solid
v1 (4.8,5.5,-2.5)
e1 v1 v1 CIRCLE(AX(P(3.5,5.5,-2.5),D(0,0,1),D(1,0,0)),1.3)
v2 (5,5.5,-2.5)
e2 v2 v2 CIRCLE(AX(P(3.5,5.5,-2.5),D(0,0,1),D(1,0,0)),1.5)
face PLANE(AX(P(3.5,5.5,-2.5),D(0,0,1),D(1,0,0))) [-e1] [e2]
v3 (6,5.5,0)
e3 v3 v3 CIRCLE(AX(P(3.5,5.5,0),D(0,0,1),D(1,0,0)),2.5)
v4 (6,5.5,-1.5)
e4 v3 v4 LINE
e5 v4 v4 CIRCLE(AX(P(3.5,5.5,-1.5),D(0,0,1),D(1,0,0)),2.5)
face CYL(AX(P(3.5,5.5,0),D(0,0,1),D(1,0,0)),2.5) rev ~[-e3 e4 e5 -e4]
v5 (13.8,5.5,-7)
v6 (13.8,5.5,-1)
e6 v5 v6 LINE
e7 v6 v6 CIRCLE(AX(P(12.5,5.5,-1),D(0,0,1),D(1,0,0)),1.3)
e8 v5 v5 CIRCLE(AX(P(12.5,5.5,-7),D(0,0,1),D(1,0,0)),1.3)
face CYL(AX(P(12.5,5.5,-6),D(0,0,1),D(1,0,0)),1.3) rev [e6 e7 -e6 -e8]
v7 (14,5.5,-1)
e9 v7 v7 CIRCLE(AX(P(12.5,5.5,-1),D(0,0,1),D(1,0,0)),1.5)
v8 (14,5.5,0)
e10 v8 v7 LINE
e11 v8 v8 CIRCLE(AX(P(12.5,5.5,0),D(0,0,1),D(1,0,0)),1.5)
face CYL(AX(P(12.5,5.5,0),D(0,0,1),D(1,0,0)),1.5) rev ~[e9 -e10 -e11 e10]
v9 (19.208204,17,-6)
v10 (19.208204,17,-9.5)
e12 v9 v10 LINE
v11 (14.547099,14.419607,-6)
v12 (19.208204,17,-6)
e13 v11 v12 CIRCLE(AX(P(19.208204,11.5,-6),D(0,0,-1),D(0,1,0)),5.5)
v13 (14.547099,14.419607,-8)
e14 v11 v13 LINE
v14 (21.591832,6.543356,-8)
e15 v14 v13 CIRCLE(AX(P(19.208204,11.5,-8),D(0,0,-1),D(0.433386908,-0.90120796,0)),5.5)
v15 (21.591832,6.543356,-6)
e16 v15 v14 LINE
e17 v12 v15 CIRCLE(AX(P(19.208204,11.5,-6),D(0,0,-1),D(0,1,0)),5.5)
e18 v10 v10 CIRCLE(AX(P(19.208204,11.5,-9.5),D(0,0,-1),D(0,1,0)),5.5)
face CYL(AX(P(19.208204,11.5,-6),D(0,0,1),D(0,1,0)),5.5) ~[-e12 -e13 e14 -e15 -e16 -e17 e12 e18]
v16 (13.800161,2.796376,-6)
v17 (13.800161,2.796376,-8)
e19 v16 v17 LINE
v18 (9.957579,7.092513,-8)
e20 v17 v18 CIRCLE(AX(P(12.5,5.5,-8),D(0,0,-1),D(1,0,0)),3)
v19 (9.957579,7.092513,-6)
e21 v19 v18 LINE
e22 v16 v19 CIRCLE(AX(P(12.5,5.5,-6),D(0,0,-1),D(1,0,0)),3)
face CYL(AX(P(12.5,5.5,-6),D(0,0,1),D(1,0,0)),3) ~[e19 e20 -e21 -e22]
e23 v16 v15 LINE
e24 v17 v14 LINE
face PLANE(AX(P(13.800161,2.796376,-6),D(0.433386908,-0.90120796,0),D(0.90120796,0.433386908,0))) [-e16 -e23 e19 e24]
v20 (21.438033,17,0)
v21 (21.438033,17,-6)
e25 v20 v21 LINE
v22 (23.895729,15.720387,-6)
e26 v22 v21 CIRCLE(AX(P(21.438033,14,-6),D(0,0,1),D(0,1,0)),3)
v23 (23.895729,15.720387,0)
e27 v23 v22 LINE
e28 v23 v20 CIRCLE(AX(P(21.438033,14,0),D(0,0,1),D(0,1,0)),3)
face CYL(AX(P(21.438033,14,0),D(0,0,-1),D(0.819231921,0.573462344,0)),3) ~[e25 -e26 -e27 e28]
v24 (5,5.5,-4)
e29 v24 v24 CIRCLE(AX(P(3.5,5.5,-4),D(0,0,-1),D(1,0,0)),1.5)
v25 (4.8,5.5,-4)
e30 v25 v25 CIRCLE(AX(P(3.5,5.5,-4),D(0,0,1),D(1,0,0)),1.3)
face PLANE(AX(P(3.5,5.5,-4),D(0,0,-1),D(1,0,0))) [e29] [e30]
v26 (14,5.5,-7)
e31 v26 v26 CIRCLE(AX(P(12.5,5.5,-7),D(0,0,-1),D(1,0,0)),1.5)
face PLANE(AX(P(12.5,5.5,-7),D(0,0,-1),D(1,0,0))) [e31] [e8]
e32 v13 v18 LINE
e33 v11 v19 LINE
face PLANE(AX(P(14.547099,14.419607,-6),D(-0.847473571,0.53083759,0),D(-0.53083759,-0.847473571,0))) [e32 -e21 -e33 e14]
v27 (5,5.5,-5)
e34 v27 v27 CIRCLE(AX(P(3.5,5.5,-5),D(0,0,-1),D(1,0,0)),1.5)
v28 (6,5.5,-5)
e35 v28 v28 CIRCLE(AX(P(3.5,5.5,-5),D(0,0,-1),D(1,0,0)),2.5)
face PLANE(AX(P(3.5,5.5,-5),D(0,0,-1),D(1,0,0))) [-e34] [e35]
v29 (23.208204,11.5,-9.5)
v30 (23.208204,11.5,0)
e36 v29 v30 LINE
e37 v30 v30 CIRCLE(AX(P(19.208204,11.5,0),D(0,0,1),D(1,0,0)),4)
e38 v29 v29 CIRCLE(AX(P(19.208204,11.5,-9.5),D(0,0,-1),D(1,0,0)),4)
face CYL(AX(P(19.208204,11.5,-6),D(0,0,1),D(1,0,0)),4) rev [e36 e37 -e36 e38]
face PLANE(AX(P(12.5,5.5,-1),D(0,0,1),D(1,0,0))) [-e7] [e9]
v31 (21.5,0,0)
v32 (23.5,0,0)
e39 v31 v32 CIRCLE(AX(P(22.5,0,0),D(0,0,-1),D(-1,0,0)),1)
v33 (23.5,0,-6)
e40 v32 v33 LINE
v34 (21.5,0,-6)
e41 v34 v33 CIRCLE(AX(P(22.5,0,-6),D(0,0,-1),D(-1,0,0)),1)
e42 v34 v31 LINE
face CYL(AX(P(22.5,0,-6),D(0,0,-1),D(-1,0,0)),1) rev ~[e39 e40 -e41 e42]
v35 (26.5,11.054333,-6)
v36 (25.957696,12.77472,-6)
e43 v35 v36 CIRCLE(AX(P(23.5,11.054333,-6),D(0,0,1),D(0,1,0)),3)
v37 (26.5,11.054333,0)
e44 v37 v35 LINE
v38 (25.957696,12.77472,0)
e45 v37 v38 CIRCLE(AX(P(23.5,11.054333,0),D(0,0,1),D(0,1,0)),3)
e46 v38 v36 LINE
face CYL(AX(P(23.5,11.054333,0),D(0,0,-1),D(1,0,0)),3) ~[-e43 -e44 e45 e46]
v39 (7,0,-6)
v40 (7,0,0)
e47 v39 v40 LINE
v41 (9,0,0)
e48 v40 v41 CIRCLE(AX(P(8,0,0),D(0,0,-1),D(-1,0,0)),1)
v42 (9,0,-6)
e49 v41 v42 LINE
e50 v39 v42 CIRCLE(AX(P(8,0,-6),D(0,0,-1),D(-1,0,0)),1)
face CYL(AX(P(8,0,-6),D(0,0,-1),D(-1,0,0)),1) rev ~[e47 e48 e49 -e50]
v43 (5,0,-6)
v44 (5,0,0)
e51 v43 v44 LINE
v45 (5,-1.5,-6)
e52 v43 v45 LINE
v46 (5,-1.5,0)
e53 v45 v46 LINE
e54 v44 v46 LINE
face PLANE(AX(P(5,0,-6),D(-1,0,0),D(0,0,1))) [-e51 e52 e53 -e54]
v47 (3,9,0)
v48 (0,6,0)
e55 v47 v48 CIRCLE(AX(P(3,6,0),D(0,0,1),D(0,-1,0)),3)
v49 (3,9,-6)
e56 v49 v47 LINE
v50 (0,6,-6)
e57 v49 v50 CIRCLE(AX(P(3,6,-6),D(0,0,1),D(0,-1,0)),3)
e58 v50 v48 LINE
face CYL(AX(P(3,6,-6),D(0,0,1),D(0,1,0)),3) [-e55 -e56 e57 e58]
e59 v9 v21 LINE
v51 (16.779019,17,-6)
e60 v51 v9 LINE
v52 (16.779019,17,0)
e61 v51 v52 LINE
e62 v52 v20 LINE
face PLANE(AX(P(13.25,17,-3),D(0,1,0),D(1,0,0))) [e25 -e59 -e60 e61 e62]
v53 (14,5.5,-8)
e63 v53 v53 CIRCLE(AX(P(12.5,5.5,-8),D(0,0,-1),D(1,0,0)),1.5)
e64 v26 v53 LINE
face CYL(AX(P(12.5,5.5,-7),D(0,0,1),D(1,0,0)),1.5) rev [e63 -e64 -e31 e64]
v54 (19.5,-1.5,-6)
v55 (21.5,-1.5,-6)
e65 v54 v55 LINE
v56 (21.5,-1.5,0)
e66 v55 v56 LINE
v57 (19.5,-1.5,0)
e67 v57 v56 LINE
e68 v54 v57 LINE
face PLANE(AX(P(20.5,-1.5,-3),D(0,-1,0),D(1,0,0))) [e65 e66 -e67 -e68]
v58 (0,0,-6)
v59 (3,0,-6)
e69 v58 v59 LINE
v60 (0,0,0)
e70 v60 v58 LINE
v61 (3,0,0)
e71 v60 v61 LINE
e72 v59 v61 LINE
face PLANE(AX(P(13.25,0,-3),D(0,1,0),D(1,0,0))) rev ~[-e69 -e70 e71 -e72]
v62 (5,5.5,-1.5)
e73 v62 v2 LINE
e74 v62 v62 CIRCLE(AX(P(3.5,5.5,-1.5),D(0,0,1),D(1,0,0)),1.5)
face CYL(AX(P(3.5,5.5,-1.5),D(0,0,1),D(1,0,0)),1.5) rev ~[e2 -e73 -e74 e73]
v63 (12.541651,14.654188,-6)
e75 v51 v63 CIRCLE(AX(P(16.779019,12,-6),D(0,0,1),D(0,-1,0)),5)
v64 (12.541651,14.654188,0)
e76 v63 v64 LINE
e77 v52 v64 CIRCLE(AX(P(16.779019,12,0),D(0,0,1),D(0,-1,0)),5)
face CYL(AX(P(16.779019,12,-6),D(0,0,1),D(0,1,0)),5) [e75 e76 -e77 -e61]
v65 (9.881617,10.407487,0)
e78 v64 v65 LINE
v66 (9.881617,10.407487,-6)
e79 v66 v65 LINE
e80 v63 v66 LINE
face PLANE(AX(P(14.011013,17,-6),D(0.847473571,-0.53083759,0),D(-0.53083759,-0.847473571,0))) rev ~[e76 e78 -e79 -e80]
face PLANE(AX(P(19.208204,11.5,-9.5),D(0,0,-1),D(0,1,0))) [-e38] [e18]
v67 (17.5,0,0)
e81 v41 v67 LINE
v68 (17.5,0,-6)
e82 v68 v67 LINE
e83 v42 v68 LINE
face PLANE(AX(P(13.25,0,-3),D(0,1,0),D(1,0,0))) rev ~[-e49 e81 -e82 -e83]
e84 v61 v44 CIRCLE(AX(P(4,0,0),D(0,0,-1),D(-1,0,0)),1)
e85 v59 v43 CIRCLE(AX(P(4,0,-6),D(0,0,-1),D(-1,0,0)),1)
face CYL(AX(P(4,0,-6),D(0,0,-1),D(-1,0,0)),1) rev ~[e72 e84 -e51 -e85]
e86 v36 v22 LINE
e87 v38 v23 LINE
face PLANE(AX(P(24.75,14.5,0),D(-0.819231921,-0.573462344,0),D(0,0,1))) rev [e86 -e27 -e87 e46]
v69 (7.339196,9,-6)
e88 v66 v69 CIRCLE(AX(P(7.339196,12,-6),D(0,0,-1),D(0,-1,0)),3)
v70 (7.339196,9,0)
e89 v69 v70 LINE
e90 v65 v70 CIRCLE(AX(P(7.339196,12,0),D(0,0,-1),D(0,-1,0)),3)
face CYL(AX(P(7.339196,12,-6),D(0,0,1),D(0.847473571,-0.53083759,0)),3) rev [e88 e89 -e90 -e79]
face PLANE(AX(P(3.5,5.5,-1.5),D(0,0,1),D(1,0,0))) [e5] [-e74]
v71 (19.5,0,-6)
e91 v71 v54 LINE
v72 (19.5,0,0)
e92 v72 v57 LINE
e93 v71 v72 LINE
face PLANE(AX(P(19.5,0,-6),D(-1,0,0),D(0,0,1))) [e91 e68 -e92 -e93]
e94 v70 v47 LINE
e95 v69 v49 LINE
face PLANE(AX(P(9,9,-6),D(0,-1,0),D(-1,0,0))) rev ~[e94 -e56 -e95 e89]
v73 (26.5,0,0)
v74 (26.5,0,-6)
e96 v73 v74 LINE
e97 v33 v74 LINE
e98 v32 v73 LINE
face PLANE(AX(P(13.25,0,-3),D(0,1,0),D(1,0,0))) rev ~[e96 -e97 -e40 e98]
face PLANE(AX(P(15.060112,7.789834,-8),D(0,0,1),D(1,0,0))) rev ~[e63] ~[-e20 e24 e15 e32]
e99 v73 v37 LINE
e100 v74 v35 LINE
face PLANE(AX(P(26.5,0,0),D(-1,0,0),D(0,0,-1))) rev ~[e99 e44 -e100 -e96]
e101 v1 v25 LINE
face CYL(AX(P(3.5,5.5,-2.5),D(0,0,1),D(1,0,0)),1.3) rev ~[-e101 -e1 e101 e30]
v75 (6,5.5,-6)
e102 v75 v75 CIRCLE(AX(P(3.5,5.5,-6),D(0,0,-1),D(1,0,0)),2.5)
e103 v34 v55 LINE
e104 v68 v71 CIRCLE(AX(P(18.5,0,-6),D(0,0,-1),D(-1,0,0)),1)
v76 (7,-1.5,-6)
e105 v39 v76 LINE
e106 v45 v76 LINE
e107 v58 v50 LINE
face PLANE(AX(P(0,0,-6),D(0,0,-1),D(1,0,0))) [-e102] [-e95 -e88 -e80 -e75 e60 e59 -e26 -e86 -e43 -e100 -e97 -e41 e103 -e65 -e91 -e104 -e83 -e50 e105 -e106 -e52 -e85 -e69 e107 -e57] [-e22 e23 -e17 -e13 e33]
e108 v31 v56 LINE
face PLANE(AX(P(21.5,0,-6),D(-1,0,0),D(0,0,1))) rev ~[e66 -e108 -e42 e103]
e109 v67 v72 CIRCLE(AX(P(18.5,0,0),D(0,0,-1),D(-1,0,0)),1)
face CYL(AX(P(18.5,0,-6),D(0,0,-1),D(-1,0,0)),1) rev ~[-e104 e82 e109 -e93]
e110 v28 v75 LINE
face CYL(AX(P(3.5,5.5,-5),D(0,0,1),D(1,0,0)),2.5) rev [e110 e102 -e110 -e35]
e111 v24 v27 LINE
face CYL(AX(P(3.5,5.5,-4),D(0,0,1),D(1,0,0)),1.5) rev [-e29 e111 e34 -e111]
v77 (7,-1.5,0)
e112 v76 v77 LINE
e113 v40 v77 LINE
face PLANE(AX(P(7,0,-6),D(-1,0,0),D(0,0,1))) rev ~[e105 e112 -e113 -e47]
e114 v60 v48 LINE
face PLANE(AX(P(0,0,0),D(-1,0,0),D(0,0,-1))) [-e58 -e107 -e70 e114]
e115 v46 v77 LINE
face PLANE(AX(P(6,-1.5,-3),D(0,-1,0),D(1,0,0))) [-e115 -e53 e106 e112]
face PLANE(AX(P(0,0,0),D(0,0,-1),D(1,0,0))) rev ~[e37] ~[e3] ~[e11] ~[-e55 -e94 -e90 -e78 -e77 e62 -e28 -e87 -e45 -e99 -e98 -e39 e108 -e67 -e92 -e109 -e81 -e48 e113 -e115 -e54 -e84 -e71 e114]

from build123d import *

# Parameters (mm, degrees)
SKETCH1_W           = 26.5
SKETCH1_H           = 6
BOSS_EXTRUDE1_DEPTH = 17
SKETCH2_R           = 1.5
CUT_EXTRUDE1_DEPTH  = 1
SKETCH3_R           = 1.3
CUT_EXTRUDE2_DEPTH  = 32.878676259
SKETCH4_R           = 4
CUT_EXTRUDE3_DEPTH  = 33.050741021
SKETCH5_R           = 2.5
CUT_EXTRUDE4_DEPTH  = 1.5
SKETCH6_R           = 1.5
CUT_EXTRUDE8_DEPTH  = 1
SKETCH7_R           = 1.3
CUT_EXTRUDE9_DEPTH  = 32.678068123
CUT_EXTRUDE10_START = -1
SKETCH8_R           = 2.5
CUT_EXTRUDE10_DEPTH = 1
CUT_EXTRUDE11_START = -1
SKETCH9_R           = 1.5
CUT_EXTRUDE11_DEPTH = 1
SKETCH10_R          = 5.5
SKETCH10_R_2        = 4
BOSS_EXTRUDE2_DEPTH = 3.5
SKETCH11_R          = 3
SKETCH11_R_2        = 1.3
BOSS_EXTRUDE4_DEPTH = 2
CUT_EXTRUDE12_START = -1
SKETCH12_R          = 1.5
CUT_EXTRUDE12_DEPTH = 1
SKETCH17_W          = 2
SKETCH17_H          = 6
BOSS_EXTRUDE6_DEPTH = 1.5
SKETCH18_R          = 1
CUT_EXTRUDE17_DEPTH = 33.050741021
CHAMFER2_SIZE       = 5
CHAMFER2_SIZE2      = 3.5
FILLET11_R          = 3
BOSS_EXTRUDE7_DEPTH = 2
CUT_EXTRUDE19_DEPTH = 33.050741021
FILLET13_R          = 5
FILLET14_R          = 3
FILLET15_R          = 3


with BuildPart() as part:
    # Sketch1 → Boss-Extrude1 (new body)
    with BuildSketch(Plane(origin=(0, 0, 0), x_dir=(1, 0, 0), z_dir=(0, 1, 0))):
        with Locations((13.25, 3)):
            Rectangle(SKETCH1_W, SKETCH1_H)
    extrude(amount=BOSS_EXTRUDE1_DEPTH)

    # Sketch2 → Cut-Extrude1 (cut)
    with BuildSketch(Plane.XY):
        with Locations((12.5, 5.5)):
            Circle(SKETCH2_R)
    extrude(amount=-CUT_EXTRUDE1_DEPTH, mode=Mode.SUBTRACT)

    # Sketch3 → Cut-Extrude2 (cut, through all)
    with BuildSketch(Plane.XY.offset(-1)):
        with Locations((12.5, 5.5)):
            Circle(SKETCH3_R)
    extrude(amount=-CUT_EXTRUDE2_DEPTH, mode=Mode.SUBTRACT)

    # Sketch4 → Cut-Extrude3 (cut, through all)
    with BuildSketch(Plane.XY):
        with Locations((19.208203932, 11.5)):
            Circle(SKETCH4_R)
    extrude(amount=-CUT_EXTRUDE3_DEPTH, mode=Mode.SUBTRACT)

    # Sketch5 → Cut-Extrude4 (cut)
    with BuildSketch(Plane.XY):
        with Locations((3.5, 5.5)):
            Circle(SKETCH5_R)
    extrude(amount=-CUT_EXTRUDE4_DEPTH, mode=Mode.SUBTRACT)

    # Sketch6 → Cut-Extrude8 (cut)
    with BuildSketch(Plane.XY.offset(-1.5)):
        with Locations((3.5, 5.5)):
            Circle(SKETCH6_R)
    extrude(amount=-CUT_EXTRUDE8_DEPTH, mode=Mode.SUBTRACT)

    # Sketch7 → Cut-Extrude9 (cut, through all)
    with BuildSketch(Plane.XY.offset(-2.5)):
        with Locations((3.5, 5.5)):
            Circle(SKETCH7_R)
    extrude(amount=-CUT_EXTRUDE9_DEPTH, mode=Mode.SUBTRACT)

    # Sketch8 → Cut-Extrude10 (cut)
    with BuildSketch(Plane(origin=(0, 0, -6), x_dir=(-1, 0, 0), z_dir=(0, 0, -1)).offset(CUT_EXTRUDE10_START)):
        with Locations(Location((-3.5, 5.5, 0), (0, 0, 180))):
            Circle(SKETCH8_R)
    extrude(amount=CUT_EXTRUDE10_DEPTH, mode=Mode.SUBTRACT)

    # Sketch9 → Cut-Extrude11 (cut)
    with BuildSketch(Plane(origin=(0, 0, -5), x_dir=(-1, 0, 0), z_dir=(0, 0, -1)).offset(CUT_EXTRUDE11_START)):
        with Locations(Location((-3.5, 5.5, 0), (0, 0, 180))):
            Circle(SKETCH9_R)
    extrude(amount=CUT_EXTRUDE11_DEPTH, mode=Mode.SUBTRACT)

    # Sketch10 → Boss-Extrude2 (add)
    with BuildSketch(Plane(origin=(0, 0, -6), x_dir=(-1, 0, 0), z_dir=(0, 0, -1))):
        with Locations(Location((-19.208203932, 11.5, 0), (0, 0, 90))):
            Circle(SKETCH10_R)
        with Locations(Location((-19.208203932, 11.5, 0), (0, 0, 180))):
            Circle(SKETCH10_R_2, mode=Mode.SUBTRACT)
    extrude(amount=BOSS_EXTRUDE2_DEPTH)

    # Sketch11 → Boss-Extrude4 (add)
    with BuildSketch(Plane(origin=(0, 0, -6), x_dir=(-1, 0, 0), z_dir=(0, 0, -1))):
        with Locations(Location((-12.5, 5.5, 0), (0, 0, 180))):
            Circle(SKETCH11_R)
        with Locations(Location((-12.5, 5.5, 0), (0, 0, 180))):
            Circle(SKETCH11_R_2, mode=Mode.SUBTRACT)
    extrude(amount=BOSS_EXTRUDE4_DEPTH)

    # Sketch12 → Cut-Extrude12 (cut)
    with BuildSketch(Plane(origin=(0, 0, -8), x_dir=(-1, 0, 0), z_dir=(0, 0, -1)).offset(CUT_EXTRUDE12_START)):
        with Locations(Location((-12.5, 5.5, 0), (0, 0, 180))):
            Circle(SKETCH12_R)
    extrude(amount=CUT_EXTRUDE12_DEPTH, mode=Mode.SUBTRACT)

    # Sketch17 → Boss-Extrude6 (add)
    with BuildSketch(Plane.XZ):
        with Locations((6, -3)):
            Rectangle(SKETCH17_W, SKETCH17_H)
        with Locations((20.5, -3)):
            Rectangle(SKETCH17_W, SKETCH17_H)
    extrude(amount=BOSS_EXTRUDE6_DEPTH)

    # Sketch18 → Cut-Extrude17 (cut, through all)
    with BuildSketch(Plane(origin=(0, 0, -6), x_dir=(-1, 0, 0), z_dir=(0, 0, -1))):
        with Locations((-22.5, 0)):
            Circle(SKETCH18_R)
        with Locations((-18.5, 0)):
            Circle(SKETCH18_R)
        with Locations((-8, 0)):
            Circle(SKETCH18_R)
        with Locations((-4, 0)):
            Circle(SKETCH18_R)
    extrude(amount=-CUT_EXTRUDE17_DEPTH, mode=Mode.SUBTRACT)

    # Chamfer2
    chamfer2_edges = [part.edges().sort_by_distance(p)[0] for p in [
        (26.5, 17, -3),
    ]]
    chamfer2_side = [part.faces().sort_by_distance(p)[0] for p in [
        (26.5, 8.5, -3),
    ]]
    chamfer(chamfer2_edges, length=CHAMFER2_SIZE, length2=CHAMFER2_SIZE2, reference=chamfer2_side[0])

    # Fillet11
    fillet11_edges = [part.edges().sort_by_distance(p)[0] for p in [
        (23, 17, -3),
        (26.5, 12, -3),
    ]]
    fillet(fillet11_edges, radius=FILLET11_R)

    # Sketch19 → Boss-Extrude7 (add)
    with BuildSketch(Plane(origin=(0, 0, -6), x_dir=(-1, 0, 0), z_dir=(0, 0, -1))):
        with BuildLine():
            Line((-14.547099294, 14.419606745), (-9.957579288, 7.09251277))
            ThreePointArc((-9.957579288, 7.09251277), (-14.736067977, 7.5), (-13.800160725, 2.796376119))
            Line((-13.800160725, 2.796376119), (-21.591831928, 6.543356218))
            ThreePointArc((-21.591831928, 6.543356218), (-15.108745974, 7.833333333), (-14.547099294, 14.419606745))
        make_face()
    extrude(amount=BOSS_EXTRUDE7_DEPTH)

    # Sketch20 → Cut-Extrude19 (cut, through all)
    with BuildSketch(Plane(origin=(0, 0, -6), x_dir=(-1, 0, 0), z_dir=(0, 0, -1))):
        Polygon((0, 17), (-14.011012575, 17), (-9, 9), (0, 9), align=None)
    extrude(amount=-CUT_EXTRUDE19_DEPTH, mode=Mode.SUBTRACT)

    # Fillet13
    fillet13_edges = [part.edges().sort_by_distance(p)[0] for p in [
        (14.011012575, 17, -3),
    ]]
    fillet(fillet13_edges, radius=FILLET13_R)

    # Fillet14
    fillet14_edges = [part.edges().sort_by_distance(p)[0] for p in [
        (9, 9, -3),
    ]]
    fillet(fillet14_edges, radius=FILLET14_R)

    # Fillet15
    fillet15_edges = [part.edges().sort_by_distance(p)[0] for p in [
        (0, 9, -3),
    ]]
    fillet(fillet15_edges, radius=FILLET15_R)


solid = part.part
